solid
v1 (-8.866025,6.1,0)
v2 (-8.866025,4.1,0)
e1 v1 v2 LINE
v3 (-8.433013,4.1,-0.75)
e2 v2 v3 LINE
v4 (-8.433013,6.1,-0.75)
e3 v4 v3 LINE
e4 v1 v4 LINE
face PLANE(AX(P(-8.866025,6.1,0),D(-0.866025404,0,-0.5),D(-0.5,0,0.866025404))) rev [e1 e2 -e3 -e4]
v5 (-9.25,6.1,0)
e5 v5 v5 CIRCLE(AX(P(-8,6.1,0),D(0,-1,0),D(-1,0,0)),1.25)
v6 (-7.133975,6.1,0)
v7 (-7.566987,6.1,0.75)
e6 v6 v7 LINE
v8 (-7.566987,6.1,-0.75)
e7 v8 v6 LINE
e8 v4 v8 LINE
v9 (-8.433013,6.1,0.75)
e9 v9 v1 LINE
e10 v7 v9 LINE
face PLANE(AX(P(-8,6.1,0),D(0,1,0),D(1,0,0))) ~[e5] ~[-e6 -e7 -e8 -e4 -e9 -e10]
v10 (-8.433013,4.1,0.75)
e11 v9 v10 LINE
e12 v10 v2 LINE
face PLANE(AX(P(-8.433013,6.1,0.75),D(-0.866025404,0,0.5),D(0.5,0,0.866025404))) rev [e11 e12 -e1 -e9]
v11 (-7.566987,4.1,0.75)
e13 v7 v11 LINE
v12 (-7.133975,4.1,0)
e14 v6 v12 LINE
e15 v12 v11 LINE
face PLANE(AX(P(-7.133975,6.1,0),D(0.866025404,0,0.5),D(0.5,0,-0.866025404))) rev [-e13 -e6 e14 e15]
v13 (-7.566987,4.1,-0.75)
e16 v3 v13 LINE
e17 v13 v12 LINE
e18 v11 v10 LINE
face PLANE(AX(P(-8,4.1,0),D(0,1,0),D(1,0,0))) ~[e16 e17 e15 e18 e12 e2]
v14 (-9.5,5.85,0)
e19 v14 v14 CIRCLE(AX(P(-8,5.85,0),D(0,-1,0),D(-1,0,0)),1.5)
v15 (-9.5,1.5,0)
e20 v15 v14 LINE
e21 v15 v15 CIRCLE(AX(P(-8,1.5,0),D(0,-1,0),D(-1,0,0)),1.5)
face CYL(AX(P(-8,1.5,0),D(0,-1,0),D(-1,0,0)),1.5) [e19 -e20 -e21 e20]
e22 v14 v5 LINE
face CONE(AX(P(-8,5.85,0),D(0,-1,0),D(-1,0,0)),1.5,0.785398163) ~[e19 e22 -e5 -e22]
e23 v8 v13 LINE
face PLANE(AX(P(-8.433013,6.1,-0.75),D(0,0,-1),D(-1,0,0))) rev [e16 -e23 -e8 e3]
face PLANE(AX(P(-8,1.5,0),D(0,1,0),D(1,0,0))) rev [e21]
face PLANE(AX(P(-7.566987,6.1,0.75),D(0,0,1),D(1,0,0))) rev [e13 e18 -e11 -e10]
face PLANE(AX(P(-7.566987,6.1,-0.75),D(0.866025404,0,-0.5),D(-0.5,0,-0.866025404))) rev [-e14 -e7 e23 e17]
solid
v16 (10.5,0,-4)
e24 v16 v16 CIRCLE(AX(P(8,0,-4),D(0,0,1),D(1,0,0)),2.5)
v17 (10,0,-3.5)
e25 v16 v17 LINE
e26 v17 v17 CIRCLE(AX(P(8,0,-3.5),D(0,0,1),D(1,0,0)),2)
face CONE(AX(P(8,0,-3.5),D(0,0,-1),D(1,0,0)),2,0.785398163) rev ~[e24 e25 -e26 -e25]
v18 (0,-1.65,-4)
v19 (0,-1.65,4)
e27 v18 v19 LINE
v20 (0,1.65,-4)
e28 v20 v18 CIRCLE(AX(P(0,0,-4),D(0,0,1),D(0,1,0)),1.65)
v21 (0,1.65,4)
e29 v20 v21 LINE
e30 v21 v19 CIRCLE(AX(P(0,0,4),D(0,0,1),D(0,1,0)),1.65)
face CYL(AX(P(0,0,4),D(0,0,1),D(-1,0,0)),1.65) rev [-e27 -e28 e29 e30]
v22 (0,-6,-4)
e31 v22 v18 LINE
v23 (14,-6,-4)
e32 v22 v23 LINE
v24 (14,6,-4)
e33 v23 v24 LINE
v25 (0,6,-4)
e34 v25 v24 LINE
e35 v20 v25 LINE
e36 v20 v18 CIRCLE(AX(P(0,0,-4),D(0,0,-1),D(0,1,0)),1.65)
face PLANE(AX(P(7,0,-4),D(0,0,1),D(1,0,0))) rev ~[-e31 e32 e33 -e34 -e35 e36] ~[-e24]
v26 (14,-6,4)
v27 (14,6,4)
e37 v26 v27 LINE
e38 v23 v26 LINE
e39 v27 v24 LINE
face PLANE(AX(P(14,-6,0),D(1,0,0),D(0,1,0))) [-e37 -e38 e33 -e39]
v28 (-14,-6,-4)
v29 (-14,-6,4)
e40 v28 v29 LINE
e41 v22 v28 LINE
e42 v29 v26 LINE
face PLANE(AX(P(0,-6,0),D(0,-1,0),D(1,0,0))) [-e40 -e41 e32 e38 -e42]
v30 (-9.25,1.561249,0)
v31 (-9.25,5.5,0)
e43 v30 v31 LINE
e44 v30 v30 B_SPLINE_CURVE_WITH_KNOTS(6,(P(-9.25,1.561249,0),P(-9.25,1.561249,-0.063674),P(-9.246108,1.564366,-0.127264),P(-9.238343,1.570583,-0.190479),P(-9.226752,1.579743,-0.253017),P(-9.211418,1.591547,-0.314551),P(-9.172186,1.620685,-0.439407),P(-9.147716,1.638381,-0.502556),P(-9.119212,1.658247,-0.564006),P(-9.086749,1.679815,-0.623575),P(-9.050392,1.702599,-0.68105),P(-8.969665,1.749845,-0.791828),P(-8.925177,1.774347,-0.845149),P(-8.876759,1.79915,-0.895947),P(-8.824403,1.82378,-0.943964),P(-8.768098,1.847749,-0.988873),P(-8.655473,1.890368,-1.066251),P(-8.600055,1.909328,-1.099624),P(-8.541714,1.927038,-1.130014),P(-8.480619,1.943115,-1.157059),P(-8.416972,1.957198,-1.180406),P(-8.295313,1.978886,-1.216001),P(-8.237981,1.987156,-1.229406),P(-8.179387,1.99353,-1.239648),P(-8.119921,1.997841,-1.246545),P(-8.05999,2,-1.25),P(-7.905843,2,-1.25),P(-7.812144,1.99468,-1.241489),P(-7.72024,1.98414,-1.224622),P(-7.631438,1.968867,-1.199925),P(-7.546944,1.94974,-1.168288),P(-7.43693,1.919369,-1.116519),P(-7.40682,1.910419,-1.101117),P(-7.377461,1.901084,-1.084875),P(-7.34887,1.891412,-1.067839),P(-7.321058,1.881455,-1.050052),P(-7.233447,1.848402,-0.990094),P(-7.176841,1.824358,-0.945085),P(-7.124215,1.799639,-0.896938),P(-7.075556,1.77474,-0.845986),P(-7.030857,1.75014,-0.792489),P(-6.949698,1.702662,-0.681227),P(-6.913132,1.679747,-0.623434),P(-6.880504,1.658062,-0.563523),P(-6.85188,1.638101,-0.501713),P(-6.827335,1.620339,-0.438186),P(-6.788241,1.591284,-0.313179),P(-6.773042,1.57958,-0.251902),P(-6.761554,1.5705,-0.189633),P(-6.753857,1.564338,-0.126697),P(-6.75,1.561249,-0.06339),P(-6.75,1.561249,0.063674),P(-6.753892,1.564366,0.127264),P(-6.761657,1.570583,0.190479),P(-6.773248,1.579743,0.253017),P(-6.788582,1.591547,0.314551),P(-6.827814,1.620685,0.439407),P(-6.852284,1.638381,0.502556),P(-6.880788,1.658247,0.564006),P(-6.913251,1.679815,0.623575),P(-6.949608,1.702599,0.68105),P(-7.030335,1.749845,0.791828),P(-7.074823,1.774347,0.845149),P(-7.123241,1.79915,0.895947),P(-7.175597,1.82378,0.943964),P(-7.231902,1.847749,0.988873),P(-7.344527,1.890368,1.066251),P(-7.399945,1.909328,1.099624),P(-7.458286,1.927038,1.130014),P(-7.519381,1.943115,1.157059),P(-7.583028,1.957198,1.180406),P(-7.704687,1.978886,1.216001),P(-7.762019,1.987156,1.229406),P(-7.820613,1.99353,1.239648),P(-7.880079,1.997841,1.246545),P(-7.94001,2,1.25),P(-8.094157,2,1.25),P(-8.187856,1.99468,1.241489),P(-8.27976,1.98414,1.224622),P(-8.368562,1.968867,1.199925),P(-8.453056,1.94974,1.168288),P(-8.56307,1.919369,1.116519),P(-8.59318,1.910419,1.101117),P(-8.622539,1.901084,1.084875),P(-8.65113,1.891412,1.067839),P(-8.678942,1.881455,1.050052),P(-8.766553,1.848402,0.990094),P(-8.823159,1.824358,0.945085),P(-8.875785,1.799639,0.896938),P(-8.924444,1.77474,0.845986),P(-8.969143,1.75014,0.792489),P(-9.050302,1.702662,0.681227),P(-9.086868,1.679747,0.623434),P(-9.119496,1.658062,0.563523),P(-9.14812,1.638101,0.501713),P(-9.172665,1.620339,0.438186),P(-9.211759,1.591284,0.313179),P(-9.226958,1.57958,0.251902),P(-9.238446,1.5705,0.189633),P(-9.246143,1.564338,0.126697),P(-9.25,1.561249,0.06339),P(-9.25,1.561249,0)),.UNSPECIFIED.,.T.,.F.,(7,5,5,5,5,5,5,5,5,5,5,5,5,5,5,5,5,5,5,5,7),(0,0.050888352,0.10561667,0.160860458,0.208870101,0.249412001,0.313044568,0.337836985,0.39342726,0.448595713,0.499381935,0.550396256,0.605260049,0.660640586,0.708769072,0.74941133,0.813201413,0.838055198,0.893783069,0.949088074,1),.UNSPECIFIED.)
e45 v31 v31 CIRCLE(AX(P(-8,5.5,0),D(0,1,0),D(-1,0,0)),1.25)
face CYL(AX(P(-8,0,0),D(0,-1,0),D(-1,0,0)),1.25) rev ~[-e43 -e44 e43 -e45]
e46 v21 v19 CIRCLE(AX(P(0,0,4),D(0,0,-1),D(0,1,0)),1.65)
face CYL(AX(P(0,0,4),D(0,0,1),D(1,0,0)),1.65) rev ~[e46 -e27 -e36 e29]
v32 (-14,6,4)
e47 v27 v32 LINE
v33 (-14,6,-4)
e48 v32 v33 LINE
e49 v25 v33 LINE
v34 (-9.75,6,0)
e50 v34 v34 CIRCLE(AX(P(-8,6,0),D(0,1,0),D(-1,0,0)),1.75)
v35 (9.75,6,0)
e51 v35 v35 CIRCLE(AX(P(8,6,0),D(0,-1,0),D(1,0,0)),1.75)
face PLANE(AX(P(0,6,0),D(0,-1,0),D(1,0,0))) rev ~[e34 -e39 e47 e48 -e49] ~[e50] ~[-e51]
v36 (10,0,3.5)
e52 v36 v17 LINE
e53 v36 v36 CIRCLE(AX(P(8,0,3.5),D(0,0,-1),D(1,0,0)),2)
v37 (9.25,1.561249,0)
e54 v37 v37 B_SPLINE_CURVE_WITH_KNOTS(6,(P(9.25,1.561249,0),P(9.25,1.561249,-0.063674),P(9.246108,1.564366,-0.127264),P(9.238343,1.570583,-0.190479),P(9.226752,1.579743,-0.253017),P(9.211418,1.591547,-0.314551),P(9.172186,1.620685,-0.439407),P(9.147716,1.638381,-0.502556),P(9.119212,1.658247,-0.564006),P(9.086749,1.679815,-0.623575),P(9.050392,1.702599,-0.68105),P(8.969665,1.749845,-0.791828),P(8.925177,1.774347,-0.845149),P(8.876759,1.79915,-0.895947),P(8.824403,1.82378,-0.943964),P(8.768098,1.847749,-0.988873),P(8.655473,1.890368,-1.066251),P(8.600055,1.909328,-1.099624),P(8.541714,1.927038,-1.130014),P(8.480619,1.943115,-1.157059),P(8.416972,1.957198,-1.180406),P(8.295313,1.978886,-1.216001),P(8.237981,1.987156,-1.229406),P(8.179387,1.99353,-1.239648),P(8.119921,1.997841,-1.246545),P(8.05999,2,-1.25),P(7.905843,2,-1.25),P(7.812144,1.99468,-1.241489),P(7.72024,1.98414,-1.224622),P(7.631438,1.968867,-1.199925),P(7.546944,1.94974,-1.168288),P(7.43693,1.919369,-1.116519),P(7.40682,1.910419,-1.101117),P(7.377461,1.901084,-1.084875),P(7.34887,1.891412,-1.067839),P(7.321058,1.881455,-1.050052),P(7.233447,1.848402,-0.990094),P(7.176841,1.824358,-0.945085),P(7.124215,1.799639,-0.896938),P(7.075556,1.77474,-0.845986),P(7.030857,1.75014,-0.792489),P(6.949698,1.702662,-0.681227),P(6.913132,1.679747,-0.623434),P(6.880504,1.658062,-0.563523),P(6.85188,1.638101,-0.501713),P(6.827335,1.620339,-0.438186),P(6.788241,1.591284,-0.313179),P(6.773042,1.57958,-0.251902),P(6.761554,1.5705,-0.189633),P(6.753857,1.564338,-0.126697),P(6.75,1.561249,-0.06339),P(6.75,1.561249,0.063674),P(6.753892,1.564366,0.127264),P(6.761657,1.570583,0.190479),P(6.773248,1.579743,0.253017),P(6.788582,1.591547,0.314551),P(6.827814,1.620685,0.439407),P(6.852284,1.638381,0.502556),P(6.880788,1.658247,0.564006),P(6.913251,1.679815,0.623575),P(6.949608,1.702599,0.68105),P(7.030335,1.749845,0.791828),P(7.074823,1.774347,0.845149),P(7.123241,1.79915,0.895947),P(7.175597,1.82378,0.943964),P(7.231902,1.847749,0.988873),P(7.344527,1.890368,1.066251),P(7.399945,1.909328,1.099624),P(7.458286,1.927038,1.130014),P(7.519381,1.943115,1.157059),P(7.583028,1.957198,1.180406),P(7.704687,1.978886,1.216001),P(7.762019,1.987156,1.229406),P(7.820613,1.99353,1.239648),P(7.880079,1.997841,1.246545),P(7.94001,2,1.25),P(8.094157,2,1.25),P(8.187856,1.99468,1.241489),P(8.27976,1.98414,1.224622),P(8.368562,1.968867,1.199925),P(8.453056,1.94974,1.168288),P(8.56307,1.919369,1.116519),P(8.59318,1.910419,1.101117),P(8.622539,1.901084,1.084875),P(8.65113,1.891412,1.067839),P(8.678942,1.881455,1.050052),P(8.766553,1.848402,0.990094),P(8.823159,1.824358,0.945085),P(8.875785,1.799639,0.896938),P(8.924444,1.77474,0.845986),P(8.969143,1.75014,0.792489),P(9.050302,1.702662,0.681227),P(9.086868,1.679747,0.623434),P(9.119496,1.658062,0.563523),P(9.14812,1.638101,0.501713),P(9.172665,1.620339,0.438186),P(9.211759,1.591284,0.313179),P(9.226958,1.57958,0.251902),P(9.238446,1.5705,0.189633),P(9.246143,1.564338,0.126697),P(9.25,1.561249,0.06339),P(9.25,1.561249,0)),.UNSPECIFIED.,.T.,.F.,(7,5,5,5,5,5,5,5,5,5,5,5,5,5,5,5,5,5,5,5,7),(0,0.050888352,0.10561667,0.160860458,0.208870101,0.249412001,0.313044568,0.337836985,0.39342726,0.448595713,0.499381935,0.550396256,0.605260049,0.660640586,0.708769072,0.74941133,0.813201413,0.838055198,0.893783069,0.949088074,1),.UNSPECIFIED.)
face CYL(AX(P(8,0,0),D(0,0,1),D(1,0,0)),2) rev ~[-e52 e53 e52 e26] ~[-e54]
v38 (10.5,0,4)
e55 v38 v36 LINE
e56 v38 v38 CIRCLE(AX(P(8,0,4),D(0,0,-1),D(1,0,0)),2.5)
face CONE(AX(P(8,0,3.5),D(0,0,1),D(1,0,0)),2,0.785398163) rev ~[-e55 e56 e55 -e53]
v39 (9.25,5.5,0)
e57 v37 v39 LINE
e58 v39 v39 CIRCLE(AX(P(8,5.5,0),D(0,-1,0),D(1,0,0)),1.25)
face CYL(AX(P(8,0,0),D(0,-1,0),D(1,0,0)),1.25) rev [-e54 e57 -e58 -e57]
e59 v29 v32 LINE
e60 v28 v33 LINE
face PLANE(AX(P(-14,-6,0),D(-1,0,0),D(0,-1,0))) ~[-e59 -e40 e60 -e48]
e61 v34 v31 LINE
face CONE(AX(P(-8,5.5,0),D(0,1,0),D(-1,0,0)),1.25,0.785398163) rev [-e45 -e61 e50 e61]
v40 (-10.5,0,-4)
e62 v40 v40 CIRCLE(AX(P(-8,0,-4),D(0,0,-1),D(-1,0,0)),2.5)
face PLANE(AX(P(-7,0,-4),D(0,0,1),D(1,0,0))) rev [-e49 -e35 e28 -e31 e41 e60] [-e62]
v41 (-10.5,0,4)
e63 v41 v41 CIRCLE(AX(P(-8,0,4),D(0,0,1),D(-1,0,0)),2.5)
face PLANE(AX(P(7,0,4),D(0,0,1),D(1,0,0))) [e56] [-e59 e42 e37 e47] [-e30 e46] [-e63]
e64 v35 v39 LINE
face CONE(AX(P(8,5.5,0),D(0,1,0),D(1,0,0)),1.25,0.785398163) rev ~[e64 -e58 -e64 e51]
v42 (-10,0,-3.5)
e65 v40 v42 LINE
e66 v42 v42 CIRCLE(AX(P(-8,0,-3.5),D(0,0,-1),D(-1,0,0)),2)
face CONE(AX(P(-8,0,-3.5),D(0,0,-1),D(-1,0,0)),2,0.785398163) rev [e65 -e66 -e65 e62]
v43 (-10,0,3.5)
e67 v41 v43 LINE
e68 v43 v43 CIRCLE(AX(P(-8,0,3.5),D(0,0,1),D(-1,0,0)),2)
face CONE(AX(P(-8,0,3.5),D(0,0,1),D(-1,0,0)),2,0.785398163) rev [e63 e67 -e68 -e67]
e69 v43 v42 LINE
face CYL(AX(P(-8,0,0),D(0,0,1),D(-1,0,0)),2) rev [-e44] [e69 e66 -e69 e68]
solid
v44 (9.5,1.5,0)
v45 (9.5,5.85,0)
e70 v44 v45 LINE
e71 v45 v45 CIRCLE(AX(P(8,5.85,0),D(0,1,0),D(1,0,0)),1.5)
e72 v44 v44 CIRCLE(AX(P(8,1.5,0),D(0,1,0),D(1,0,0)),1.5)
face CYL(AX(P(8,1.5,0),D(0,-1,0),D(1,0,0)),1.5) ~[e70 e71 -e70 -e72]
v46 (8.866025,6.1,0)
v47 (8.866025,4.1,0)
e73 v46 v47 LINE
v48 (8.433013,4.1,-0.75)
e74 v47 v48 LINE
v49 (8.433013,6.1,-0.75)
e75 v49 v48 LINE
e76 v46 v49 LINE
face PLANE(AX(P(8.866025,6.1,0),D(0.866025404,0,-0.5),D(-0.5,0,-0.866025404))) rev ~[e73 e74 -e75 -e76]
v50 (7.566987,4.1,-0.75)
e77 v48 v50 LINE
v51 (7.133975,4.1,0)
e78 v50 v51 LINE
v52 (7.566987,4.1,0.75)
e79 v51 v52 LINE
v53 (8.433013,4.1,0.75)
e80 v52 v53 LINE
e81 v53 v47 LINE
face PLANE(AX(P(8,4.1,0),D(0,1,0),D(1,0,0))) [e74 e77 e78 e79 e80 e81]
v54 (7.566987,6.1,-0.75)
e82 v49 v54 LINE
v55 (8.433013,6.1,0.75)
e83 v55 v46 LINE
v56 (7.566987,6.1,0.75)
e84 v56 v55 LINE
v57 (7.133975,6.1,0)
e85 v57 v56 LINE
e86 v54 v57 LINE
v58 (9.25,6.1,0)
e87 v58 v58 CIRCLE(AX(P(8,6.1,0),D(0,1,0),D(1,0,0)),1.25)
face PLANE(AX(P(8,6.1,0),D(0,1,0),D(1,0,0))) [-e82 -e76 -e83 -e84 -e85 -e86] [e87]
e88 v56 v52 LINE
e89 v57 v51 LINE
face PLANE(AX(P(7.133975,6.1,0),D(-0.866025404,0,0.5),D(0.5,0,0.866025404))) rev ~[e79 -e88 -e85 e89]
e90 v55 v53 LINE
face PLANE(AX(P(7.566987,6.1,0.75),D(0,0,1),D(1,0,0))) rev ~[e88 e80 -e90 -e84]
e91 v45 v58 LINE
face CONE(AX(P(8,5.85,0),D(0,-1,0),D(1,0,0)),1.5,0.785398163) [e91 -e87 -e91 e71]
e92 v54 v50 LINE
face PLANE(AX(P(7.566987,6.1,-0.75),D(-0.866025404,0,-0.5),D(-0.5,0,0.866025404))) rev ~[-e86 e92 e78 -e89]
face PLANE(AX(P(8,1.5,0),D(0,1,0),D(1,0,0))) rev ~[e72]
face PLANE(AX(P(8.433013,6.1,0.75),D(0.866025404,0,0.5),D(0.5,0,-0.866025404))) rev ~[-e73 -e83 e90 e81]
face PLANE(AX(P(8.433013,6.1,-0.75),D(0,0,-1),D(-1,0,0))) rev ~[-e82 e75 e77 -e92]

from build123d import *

# Parameters (mm, degrees)
SKETCH1_W               = 14
SKETCH1_H               = 12
BOSS_EXTRUDE1_DEPTH     = 4
SKETCH2_R               = 2
CUT_EXTRUDE1_DEPTH      = 5
CUT_EXTRUDE1_DEPTH_BACK = 5
SKETCH3_R               = 1.65
CUT_EXTRUDE2_DEPTH      = 9
SKETCH4_R               = 1.25
CUT_EXTRUDE3_DEPTH      = 7
SKETCH5_R               = 1.5
BOSS_EXTRUDE2_DEPTH     = 4.6
CHAMFER1_SIZE           = 0.25
CHAMFER2_SIZE           = 0.5
CUT_EXTRUDE4_DEPTH      = 2


with BuildPart() as part:
    # Sketch1 → Boss-Extrude1 (new body, symmetric)
    with BuildSketch(Plane.XY):
        with Locations((7, 0)):
            Rectangle(SKETCH1_W, SKETCH1_H)
    extrude(amount=BOSS_EXTRUDE1_DEPTH, both=True)

    # Sketch2 → Cut-Extrude1 (cut, two sides)
    with BuildSketch(Plane.XY) as cut_extrude1_sk:
        with Locations((8, 0)):
            Circle(SKETCH2_R)
    extrude(amount=CUT_EXTRUDE1_DEPTH, mode=Mode.SUBTRACT)
    extrude(cut_extrude1_sk.sketch, amount=-CUT_EXTRUDE1_DEPTH_BACK, mode=Mode.SUBTRACT)

    # Sketch3 → Cut-Extrude2 (cut, through all)
    with BuildSketch(Plane.XY.offset(4)):
        Circle(SKETCH3_R)
    extrude(amount=-CUT_EXTRUDE2_DEPTH, mode=Mode.SUBTRACT)

    # Sketch4 → Cut-Extrude3 (cut, through all)
    with BuildSketch(Plane(origin=(0, 0, 0), x_dir=(1, 0, 0), z_dir=(0, 1, 0))):
        with Locations((8, 0)):
            Circle(SKETCH4_R)
    extrude(amount=CUT_EXTRUDE3_DEPTH, mode=Mode.SUBTRACT)

    # Chamfer2
    chamfer2_edges = [part.edges().sort_by_distance(p)[0] for p in [
        (6, 0, -4),
        (6, 0, 4),
        (6.75, 6, 0),
    ]]
    chamfer(chamfer2_edges, length=CHAMFER2_SIZE)


with BuildPart() as body_2:
    # Sketch5 → Boss-Extrude2 (new body)
    with BuildSketch(Plane(origin=(0, 1.5, 0), x_dir=(1, 0, 0), z_dir=(0, 1, 0))):
        with Locations((8, 0)):
            Circle(SKETCH5_R)
    extrude(amount=BOSS_EXTRUDE2_DEPTH)

    # Chamfer1
    chamfer1_edges = [body_2.edges().sort_by_distance(p)[0] for p in [
        (6.5, 6.1, 0),
    ]]
    chamfer(chamfer1_edges, length=CHAMFER1_SIZE)

    # Sketch6 → Cut-Extrude4 (cut)
    with BuildSketch(Plane(origin=(0, 6.1, 0), x_dir=(1, 0, 0), z_dir=(0, 1, 0))):
        Polygon((7.133974596, 0), (7.566987298, -0.75), (8.433012702, -0.75), (8.866025404, 0), (8.433012702, 0.75), (7.566987298, 0.75), align=None)
    extrude(amount=-CUT_EXTRUDE4_DEPTH, mode=Mode.SUBTRACT)


with BuildPart() as body_3:
    # Mirror1: mirrored copy
    add(part.part.mirror(Plane(origin=(0, 0, 0), x_dir=(0, 0, 1), z_dir=(1, 0, 0))))

    # Combine1: union part
    add(part.part)


with BuildPart() as body_4:
    # Mirror1 2: mirrored copy
    add(body_2.part.mirror(Plane(origin=(0, 0, 0), x_dir=(0, 0, 1), z_dir=(1, 0, 0))))


solid = Compound([body_2.part, body_3.part, body_4.part])
